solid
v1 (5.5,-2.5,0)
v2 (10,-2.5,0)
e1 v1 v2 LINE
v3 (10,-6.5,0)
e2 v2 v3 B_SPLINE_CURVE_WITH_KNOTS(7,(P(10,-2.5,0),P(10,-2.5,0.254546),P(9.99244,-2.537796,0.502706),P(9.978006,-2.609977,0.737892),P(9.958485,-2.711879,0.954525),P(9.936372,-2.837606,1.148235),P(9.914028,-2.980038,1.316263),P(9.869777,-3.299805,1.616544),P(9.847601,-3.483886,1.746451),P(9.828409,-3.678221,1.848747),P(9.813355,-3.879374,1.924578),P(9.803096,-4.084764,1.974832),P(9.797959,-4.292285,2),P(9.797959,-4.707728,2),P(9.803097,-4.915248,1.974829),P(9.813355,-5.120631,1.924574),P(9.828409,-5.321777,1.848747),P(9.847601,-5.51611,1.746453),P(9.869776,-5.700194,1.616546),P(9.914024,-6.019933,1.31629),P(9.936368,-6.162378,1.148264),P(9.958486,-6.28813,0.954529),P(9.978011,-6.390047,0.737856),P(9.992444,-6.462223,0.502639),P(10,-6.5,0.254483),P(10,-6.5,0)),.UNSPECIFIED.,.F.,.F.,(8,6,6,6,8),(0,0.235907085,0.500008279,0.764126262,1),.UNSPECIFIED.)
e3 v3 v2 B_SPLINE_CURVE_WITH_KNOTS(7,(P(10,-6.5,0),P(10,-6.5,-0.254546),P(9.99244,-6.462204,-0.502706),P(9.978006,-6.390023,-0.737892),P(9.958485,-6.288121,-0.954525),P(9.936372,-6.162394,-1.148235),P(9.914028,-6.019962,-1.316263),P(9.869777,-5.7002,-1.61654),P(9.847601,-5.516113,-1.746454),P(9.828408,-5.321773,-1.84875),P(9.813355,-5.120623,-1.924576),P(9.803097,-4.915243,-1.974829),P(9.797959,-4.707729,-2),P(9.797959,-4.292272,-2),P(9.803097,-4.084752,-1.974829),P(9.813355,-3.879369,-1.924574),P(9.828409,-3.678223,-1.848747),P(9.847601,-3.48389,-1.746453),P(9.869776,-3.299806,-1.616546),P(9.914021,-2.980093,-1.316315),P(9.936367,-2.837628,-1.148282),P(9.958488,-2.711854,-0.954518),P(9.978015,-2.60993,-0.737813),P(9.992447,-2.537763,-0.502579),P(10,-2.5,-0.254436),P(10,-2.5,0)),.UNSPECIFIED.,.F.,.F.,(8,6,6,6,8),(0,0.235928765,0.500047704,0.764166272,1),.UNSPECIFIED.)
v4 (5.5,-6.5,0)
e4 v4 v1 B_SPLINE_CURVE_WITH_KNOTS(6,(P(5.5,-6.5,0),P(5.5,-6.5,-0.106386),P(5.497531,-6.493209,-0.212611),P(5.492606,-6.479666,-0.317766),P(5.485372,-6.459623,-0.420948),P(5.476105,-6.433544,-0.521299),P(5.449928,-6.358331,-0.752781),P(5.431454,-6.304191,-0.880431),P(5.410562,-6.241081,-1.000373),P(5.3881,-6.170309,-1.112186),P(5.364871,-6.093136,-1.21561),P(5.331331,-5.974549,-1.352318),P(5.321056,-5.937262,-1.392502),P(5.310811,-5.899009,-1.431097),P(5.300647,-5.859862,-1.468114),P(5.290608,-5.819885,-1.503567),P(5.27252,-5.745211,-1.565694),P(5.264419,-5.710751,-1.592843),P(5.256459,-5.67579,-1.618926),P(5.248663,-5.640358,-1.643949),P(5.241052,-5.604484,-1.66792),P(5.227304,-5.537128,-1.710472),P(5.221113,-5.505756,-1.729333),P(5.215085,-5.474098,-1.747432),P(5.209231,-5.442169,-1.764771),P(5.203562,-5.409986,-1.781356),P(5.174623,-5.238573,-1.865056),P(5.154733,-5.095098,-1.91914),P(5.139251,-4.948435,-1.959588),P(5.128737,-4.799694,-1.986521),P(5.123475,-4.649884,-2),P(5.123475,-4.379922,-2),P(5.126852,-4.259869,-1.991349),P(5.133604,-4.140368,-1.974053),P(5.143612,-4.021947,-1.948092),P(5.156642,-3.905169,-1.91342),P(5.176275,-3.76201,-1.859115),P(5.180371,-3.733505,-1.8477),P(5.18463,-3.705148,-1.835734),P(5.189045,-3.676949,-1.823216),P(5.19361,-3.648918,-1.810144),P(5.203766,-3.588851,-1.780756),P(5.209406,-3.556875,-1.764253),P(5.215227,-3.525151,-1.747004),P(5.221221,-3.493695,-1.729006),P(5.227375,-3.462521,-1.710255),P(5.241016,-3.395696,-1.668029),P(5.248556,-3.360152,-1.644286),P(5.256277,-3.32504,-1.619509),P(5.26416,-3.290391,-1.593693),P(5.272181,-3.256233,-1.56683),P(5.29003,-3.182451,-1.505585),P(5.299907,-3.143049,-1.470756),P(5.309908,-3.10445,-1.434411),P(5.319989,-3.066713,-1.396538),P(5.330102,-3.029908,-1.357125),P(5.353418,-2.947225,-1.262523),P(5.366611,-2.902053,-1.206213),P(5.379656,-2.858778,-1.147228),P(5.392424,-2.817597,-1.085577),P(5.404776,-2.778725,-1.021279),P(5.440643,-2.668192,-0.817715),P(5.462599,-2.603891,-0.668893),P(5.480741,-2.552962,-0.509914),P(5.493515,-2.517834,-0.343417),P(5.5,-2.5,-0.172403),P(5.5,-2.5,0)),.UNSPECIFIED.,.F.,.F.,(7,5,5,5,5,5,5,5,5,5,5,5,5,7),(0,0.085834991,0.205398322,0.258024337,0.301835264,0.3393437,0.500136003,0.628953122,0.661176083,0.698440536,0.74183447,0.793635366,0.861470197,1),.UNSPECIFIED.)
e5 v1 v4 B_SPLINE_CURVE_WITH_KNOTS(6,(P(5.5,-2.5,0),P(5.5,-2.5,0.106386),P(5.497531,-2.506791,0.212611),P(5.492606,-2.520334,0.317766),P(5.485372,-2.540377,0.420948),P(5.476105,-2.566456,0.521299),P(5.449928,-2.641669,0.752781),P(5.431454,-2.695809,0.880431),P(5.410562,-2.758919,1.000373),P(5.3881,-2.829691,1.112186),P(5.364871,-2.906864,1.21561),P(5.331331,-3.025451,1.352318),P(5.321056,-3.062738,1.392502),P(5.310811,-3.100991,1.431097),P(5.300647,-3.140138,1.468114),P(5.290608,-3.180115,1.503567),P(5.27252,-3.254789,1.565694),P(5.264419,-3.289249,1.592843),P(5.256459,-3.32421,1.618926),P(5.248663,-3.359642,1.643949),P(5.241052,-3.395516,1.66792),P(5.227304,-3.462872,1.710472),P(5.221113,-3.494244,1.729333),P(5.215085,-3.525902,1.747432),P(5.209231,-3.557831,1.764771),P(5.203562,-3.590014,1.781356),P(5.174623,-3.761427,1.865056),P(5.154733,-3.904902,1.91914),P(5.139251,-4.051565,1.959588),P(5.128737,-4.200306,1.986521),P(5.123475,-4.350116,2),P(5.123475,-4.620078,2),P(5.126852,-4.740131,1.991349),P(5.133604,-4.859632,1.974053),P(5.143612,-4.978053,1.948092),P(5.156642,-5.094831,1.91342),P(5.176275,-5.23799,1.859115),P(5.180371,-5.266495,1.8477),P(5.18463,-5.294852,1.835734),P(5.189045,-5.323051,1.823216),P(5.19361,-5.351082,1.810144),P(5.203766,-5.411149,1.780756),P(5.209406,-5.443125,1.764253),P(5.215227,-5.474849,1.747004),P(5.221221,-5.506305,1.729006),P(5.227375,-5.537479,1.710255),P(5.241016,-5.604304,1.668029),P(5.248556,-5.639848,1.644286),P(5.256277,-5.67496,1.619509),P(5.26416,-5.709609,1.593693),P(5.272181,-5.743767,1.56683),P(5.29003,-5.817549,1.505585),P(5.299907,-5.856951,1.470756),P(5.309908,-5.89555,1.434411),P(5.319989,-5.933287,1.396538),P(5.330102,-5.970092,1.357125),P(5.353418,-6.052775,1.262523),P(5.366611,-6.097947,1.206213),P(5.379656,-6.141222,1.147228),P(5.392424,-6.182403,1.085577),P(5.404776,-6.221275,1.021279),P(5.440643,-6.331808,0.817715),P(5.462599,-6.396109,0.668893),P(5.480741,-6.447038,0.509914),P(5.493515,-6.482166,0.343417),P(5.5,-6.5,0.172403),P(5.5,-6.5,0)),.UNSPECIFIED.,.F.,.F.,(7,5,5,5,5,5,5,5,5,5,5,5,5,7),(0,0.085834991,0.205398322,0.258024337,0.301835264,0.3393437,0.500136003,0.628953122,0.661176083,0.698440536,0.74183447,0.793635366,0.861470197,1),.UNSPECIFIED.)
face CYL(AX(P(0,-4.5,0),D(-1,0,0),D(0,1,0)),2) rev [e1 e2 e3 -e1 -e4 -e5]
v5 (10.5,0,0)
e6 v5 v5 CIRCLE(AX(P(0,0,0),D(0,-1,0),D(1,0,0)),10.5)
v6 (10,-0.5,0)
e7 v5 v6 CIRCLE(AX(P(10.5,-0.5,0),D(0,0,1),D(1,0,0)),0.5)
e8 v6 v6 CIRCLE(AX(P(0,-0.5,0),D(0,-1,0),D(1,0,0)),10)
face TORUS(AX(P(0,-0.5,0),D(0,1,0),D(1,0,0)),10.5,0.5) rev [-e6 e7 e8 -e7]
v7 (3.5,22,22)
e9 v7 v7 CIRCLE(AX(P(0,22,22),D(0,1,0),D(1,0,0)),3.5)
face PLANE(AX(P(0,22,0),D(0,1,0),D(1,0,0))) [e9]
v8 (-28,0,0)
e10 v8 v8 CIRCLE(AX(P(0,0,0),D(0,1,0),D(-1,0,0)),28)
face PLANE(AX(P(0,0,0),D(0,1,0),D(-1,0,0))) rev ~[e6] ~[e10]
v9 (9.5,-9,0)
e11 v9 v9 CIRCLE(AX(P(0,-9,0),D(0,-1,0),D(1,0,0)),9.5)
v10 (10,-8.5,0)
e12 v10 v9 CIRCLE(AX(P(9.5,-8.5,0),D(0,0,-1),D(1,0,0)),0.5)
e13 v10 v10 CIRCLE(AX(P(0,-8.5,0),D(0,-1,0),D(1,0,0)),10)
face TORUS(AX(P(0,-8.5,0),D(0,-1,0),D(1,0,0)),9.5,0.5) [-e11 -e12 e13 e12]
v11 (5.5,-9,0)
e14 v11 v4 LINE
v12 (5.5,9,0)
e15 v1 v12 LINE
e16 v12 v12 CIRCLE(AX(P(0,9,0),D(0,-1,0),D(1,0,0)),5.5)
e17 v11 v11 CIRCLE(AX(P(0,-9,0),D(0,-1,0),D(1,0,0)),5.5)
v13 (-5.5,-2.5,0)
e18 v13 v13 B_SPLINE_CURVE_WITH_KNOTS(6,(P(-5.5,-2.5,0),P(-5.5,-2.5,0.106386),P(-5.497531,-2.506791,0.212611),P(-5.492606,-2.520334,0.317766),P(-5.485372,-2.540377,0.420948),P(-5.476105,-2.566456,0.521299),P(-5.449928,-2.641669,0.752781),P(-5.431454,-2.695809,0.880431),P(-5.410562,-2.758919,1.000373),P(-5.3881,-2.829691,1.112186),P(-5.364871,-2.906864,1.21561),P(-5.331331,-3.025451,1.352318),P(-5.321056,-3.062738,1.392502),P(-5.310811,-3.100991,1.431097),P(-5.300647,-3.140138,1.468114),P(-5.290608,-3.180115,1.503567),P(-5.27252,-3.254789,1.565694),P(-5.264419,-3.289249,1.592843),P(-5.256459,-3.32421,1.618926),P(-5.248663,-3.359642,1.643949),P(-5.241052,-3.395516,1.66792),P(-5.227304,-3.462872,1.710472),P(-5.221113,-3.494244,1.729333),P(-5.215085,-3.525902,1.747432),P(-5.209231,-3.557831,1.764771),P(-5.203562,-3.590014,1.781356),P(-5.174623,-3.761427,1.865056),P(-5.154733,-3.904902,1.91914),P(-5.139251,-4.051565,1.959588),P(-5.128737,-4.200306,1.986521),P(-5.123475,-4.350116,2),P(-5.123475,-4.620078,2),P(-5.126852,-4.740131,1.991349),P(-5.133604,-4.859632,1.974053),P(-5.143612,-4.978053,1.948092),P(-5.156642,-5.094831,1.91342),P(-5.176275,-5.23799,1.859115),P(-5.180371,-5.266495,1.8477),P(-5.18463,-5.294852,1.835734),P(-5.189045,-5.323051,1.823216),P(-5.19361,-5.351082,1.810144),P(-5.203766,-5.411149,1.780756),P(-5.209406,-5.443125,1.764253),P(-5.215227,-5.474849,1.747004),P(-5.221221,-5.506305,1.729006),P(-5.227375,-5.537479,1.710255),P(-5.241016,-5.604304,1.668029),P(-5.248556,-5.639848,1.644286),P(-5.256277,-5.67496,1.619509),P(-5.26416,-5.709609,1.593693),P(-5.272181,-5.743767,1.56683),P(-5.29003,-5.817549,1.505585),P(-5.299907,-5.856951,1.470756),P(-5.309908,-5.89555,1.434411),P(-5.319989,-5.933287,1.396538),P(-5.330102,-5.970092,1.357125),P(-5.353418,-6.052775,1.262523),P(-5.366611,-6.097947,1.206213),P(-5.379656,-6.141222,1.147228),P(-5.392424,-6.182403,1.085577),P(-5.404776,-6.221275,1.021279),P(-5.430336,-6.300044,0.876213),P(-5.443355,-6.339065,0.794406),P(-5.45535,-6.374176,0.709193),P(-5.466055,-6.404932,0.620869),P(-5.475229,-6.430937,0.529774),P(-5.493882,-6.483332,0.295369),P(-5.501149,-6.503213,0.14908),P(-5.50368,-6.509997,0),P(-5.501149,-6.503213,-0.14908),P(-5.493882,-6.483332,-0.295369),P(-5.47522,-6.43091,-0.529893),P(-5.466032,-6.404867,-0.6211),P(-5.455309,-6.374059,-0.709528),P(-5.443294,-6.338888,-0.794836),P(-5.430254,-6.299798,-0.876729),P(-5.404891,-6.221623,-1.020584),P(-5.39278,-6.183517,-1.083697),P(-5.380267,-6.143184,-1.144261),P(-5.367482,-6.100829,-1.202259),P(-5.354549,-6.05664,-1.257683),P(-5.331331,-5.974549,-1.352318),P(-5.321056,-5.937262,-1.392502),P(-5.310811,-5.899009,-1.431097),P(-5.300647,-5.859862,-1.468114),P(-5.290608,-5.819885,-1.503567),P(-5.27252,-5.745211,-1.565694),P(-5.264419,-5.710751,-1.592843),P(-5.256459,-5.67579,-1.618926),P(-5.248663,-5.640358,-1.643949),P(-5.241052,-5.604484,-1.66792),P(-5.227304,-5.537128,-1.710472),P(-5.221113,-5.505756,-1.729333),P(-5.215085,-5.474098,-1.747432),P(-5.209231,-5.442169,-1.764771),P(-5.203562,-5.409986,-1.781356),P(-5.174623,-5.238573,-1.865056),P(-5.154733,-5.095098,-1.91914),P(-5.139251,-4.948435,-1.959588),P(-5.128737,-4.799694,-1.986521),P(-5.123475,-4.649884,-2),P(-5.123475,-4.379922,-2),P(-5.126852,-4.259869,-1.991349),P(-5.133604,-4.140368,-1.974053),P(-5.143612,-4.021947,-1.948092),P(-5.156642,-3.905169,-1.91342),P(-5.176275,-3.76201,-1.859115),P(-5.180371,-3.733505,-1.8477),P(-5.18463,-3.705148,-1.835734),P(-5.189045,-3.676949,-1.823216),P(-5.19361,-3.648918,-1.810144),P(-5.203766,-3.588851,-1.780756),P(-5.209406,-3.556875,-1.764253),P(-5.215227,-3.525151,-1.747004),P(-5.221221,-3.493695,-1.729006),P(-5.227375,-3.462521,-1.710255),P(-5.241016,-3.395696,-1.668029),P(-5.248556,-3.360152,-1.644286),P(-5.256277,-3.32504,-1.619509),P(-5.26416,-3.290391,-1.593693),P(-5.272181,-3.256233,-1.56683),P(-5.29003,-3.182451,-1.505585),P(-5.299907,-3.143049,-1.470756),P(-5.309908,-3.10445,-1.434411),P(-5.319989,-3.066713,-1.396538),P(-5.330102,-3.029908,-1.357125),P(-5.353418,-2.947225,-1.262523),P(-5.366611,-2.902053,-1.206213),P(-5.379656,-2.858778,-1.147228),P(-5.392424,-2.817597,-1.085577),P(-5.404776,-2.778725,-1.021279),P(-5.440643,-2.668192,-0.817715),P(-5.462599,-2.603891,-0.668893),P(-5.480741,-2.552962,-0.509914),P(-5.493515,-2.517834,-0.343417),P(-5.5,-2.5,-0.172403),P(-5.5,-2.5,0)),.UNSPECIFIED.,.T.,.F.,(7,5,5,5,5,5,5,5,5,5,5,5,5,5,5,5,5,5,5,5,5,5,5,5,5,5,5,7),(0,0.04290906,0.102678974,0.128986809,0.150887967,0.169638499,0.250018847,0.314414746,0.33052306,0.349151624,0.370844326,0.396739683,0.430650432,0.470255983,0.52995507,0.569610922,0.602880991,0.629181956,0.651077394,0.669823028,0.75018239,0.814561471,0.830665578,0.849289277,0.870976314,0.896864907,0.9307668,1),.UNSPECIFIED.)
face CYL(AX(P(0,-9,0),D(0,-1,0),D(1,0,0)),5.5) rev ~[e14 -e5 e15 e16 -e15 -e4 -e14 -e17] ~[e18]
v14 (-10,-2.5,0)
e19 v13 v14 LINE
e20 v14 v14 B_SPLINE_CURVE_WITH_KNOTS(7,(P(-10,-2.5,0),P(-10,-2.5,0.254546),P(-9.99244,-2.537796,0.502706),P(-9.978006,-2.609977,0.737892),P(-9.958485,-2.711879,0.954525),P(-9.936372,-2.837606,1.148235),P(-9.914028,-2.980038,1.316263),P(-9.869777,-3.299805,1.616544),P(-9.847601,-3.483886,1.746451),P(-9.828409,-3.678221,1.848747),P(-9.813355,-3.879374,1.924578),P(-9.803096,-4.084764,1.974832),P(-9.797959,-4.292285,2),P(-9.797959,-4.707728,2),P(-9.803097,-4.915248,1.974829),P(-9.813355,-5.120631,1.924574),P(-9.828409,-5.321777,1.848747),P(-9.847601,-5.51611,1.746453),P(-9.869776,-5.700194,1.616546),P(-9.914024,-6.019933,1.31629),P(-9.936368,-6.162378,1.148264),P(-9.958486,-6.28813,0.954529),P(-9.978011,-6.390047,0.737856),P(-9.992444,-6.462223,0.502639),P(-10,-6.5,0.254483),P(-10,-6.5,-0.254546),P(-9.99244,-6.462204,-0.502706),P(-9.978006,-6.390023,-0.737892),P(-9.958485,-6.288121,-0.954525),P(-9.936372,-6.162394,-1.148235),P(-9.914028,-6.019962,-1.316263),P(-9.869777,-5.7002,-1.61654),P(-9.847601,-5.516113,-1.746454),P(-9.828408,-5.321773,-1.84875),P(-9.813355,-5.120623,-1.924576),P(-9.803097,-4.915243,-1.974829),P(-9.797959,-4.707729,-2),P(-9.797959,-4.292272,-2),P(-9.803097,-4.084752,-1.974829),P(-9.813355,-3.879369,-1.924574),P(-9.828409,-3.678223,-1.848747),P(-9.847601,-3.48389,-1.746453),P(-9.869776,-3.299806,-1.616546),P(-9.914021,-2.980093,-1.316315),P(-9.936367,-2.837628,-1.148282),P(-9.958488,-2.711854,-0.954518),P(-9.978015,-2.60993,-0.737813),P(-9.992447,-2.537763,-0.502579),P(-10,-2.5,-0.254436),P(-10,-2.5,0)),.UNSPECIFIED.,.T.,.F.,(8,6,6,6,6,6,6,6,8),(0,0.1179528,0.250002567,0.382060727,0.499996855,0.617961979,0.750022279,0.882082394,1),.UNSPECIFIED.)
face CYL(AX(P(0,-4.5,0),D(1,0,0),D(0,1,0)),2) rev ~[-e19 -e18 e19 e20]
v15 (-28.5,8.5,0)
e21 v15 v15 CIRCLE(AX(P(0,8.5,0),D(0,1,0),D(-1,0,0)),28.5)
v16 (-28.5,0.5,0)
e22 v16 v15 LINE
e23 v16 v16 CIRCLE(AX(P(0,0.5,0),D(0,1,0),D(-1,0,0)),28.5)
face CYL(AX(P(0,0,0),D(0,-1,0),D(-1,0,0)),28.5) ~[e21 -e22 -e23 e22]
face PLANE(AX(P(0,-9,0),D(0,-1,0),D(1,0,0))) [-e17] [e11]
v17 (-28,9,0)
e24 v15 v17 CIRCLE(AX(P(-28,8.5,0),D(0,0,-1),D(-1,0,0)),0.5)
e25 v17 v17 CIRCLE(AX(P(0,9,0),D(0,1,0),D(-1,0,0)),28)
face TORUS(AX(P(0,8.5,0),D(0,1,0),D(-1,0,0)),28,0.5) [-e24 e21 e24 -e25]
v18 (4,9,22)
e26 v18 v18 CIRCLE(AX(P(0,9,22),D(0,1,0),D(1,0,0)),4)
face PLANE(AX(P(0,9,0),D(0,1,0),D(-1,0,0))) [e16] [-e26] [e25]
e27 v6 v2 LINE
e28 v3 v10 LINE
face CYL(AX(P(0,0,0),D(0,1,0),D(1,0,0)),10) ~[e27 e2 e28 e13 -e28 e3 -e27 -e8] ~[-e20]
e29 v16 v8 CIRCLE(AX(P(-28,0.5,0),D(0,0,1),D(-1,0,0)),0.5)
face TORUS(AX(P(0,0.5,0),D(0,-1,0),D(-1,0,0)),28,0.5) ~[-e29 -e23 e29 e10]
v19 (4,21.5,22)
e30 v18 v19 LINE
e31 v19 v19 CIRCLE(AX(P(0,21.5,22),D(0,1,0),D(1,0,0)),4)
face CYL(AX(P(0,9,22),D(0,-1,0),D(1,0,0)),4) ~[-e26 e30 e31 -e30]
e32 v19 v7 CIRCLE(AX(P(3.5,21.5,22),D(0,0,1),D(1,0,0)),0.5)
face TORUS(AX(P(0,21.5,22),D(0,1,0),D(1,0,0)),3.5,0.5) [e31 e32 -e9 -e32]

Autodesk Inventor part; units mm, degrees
ref_plane "XZ Plane" through (0, 0, 0) normal (0, 1, 0) x (-1, 0, 0)
ref_plane "XY Plane" through (0, 0, 0) normal (0, 0, 1) x (1, 0, 0)
sketch "Skizze1" plane through (0, 0, 0) normal (0, 1, 0) x (-1, 0, 0)
  circle A0 centre (0, 0) radius 28.5
  dimension "d0" = 57
extrude "Extrusion1" add sketch "Skizze1" along normal blind 9
sketch "Skizze2" plane through (0, 0, 0) normal (0, -1, 0) x (1, 0, 0)
  circle A0 centre (0, 0) radius 10
  dimension "d3" = 20
extrude "Extrusion2" add sketch "Skizze2" along normal blind 9
sketch "Skizze3" plane through (0, 9, 0) normal (0, 1, 0) x (1, 0, 0)
  circle A0 centre (0, -22) radius 4
  point P0 (0, 0)
  dimension "d6" = 8
extrude "Extrusion3" add sketch "Skizze3" along normal blind 13
sketch "Skizze4" plane through (0, 0, 0) normal (1, 0, 0) x (0, 1, 0)
  circle A0 centre (-4.5, 0) radius 2
  point P0 (0, 0)
  dimension "d9" = 4
extrude "Extrusion4" cut sketch "Skizze4" along normal mid plane 25
sketch "Skizze5" plane through (0, -9, 0) normal (0, -1, 0) x (1, 0, 0)
  circle A0 centre (0, 0) radius 5.5
  dimension "d12" = 11
extrude "Extrusion5" cut sketch "Skizze5" against normal up to surface (18 mm away)
fillet "Rundung1" radius 0.5 5 edges at (28.5, 9, 0) (28.5, 0, 0) (-10, 0, 0) (-10, -9, 0) (-4, 22, 22)
properties part number "sf_Crank_Disc_1"
